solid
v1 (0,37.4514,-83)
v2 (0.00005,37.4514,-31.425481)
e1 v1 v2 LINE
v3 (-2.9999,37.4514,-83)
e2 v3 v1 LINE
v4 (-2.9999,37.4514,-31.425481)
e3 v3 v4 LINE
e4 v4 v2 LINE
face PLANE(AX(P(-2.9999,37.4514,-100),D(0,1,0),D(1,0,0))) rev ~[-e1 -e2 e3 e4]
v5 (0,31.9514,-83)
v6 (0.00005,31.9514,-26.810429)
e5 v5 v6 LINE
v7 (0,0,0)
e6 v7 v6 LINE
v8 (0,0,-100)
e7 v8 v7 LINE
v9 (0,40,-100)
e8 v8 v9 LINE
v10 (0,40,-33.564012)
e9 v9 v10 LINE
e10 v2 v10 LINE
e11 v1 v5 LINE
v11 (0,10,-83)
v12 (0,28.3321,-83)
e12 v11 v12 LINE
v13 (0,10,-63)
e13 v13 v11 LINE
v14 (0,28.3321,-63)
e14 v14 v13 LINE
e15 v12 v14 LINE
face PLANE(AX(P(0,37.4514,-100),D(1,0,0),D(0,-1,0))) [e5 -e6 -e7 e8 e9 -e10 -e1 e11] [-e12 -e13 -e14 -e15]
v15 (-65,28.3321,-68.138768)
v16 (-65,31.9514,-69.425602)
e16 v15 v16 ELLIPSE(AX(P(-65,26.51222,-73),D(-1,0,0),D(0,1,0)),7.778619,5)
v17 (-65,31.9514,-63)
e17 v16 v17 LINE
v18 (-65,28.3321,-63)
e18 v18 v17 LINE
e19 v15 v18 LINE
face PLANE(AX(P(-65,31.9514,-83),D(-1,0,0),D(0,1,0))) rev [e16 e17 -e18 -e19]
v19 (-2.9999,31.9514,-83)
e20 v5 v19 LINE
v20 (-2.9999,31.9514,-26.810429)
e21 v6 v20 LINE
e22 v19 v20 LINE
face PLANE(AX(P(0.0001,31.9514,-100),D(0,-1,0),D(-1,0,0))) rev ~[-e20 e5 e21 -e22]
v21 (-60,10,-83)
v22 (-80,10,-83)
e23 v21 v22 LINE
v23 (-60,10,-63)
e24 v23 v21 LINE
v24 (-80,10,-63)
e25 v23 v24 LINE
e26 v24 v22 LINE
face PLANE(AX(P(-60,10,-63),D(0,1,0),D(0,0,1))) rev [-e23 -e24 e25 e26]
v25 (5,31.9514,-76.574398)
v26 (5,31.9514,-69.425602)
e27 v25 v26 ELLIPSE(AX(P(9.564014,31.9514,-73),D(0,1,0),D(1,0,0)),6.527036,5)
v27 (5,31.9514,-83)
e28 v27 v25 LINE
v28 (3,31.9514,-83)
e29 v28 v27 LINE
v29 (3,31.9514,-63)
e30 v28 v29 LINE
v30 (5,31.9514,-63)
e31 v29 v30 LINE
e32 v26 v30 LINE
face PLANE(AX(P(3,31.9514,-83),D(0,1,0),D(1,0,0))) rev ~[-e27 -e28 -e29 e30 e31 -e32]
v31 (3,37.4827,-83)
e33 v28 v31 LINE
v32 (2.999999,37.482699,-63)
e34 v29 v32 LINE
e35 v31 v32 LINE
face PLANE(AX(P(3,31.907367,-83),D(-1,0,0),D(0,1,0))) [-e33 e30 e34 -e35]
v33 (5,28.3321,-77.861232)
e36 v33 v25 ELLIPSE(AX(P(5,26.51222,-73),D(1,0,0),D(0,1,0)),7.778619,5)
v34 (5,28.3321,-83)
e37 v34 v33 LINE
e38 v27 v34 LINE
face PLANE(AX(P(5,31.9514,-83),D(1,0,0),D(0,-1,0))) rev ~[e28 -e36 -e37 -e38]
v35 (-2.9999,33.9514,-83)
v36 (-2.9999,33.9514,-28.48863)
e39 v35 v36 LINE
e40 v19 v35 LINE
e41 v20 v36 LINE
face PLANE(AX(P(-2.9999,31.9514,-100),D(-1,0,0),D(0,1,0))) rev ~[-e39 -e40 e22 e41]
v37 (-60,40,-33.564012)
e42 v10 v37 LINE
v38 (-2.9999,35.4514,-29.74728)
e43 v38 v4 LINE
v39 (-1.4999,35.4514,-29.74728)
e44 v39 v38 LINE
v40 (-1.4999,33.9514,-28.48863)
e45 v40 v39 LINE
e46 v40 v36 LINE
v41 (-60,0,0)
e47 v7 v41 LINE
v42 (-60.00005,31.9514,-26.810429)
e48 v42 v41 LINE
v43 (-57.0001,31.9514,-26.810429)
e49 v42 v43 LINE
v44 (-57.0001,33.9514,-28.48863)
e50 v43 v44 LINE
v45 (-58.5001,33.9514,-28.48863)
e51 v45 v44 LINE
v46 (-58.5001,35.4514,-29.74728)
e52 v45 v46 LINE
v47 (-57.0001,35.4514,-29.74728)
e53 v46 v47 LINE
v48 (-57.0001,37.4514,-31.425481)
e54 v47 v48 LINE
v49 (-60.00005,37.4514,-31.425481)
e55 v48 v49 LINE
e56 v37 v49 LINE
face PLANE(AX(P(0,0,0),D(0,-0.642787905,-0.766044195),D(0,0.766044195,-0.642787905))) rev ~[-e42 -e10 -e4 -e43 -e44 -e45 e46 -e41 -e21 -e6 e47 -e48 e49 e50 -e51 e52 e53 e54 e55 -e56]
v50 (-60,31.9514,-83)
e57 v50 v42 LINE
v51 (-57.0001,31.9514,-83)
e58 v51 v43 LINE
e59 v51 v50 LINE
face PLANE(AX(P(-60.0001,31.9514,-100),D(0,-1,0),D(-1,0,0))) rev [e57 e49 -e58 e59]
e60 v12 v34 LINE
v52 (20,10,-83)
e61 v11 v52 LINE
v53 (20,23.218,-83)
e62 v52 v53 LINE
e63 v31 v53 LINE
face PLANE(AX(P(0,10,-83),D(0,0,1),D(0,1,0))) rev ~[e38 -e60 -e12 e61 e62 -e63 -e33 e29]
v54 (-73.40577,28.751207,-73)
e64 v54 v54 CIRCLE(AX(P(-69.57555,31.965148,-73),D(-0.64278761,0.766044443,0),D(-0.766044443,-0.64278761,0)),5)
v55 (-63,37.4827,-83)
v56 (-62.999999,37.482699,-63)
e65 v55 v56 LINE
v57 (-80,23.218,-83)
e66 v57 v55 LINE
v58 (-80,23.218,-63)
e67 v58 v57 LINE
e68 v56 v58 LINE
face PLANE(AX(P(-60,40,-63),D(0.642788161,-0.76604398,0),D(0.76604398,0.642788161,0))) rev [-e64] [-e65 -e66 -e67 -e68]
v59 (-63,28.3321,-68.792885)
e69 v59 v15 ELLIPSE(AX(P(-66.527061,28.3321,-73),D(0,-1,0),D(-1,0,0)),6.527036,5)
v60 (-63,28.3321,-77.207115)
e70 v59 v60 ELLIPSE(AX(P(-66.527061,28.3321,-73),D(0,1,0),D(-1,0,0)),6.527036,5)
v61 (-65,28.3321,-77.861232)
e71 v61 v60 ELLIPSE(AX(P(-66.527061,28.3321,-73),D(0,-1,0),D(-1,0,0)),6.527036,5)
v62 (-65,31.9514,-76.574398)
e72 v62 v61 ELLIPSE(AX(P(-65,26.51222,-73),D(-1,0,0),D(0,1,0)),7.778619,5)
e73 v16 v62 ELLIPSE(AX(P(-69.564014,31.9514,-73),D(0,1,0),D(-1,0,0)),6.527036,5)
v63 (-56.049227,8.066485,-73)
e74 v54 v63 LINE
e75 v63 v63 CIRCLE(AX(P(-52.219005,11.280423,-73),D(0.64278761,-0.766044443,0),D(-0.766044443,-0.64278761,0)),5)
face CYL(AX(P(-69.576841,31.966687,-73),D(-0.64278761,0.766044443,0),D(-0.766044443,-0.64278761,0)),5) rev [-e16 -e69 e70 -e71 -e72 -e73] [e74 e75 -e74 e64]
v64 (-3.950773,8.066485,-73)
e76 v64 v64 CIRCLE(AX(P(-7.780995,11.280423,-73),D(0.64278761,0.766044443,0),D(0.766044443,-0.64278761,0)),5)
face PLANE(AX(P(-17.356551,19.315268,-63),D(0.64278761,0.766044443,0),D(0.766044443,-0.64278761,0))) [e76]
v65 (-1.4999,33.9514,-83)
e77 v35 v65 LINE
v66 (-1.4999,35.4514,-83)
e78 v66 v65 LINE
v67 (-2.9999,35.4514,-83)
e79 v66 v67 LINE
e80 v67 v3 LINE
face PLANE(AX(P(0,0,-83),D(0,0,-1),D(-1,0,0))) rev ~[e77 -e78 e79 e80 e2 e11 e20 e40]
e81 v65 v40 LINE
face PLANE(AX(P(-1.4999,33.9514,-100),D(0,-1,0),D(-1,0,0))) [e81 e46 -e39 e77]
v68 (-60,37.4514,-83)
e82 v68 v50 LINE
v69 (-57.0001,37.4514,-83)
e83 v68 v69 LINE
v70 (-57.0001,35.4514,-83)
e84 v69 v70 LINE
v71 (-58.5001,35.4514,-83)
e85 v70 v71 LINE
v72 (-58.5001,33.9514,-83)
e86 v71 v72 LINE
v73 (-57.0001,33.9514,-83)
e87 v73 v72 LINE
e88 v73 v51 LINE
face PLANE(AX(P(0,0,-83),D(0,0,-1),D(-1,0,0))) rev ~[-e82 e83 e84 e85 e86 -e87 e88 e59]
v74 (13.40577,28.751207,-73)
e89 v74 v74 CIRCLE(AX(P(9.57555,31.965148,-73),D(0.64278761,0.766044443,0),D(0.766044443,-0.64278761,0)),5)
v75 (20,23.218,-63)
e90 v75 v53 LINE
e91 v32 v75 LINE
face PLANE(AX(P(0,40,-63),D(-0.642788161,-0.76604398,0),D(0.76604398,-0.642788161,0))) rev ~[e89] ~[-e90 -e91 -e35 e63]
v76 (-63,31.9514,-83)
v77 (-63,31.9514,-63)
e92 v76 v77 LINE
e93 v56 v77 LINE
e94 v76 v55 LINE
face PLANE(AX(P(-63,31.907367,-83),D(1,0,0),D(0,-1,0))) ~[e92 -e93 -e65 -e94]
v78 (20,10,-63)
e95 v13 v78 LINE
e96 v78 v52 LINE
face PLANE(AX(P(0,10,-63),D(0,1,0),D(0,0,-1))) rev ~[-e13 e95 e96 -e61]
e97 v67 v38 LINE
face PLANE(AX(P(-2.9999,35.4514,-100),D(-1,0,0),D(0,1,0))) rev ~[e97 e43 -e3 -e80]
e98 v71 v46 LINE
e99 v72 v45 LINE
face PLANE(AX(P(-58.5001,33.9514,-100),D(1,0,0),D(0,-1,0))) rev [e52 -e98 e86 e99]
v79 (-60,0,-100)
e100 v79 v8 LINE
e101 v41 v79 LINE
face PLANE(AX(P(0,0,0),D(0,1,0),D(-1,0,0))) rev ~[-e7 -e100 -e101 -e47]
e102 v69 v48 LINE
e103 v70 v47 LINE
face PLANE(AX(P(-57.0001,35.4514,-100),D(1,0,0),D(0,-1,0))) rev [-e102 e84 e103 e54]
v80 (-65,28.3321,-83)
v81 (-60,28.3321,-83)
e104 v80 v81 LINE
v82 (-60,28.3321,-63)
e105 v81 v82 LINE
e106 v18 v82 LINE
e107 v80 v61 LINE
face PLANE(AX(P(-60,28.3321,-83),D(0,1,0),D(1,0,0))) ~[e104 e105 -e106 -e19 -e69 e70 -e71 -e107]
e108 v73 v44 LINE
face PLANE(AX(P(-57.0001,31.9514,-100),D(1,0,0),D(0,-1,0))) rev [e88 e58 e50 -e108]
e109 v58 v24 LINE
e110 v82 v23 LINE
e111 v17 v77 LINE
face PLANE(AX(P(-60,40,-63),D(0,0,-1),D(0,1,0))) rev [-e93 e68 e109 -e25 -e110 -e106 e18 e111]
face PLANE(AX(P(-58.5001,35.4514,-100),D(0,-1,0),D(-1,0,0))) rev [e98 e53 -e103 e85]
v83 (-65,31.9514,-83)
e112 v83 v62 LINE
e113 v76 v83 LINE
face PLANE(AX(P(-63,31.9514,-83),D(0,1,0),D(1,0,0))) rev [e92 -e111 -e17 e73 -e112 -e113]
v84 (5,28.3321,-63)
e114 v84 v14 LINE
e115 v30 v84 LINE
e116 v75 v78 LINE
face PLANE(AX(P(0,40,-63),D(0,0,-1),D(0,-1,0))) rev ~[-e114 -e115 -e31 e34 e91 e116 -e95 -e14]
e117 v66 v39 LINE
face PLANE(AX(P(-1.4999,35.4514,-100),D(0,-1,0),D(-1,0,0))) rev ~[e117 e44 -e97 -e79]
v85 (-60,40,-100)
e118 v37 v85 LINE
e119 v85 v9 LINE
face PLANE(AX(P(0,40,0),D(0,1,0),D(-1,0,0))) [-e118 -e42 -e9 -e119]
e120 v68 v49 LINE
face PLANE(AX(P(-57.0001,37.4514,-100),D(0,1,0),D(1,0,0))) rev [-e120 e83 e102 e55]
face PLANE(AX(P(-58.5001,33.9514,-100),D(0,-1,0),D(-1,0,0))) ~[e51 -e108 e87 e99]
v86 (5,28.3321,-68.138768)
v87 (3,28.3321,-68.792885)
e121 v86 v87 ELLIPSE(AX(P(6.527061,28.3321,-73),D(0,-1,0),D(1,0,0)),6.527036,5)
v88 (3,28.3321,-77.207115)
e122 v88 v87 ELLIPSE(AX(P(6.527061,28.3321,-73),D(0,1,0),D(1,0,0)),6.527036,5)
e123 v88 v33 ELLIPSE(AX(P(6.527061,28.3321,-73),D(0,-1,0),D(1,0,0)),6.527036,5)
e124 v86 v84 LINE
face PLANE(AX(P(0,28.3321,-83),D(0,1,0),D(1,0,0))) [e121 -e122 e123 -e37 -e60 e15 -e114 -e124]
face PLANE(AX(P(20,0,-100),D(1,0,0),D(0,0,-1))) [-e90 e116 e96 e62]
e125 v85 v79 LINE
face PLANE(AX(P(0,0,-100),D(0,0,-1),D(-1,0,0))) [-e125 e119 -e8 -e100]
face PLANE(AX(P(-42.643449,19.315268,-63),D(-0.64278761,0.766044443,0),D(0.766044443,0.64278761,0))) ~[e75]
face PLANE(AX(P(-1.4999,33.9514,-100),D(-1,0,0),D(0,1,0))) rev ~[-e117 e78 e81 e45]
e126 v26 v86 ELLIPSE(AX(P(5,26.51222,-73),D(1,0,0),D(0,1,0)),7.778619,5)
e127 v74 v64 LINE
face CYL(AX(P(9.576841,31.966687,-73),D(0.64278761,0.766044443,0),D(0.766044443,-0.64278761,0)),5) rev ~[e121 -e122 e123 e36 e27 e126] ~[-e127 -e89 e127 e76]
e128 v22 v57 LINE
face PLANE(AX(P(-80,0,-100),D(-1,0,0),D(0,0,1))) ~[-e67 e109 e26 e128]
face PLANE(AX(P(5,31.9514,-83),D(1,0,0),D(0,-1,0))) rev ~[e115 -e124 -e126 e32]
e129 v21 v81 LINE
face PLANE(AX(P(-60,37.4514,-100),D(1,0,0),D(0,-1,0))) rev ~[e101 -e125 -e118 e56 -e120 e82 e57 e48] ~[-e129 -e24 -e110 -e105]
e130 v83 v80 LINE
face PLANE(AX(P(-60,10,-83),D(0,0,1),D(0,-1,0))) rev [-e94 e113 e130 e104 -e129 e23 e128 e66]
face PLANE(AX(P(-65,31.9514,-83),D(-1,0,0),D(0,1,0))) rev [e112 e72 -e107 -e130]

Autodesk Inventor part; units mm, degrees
ref_plane "YZ Plane" through (0, 0, 0) normal (1, 0, 0) x (0, 1, 0)
ref_plane "XZ Plane" through (0, 0, 0) normal (0, 1, 0) x (-1, 0, 0)
ref_plane "XY Plane" through (0, 0, 0) normal (0, 0, 1) x (1, 0, 0)
sketch "Sketch1" plane through (0, 0, 0) normal (0, 1, 0) x (-1, 0, 0)
  line L0 (0, 0) -> (60, 0)
  line L1 (60, 0) -> (60, -100)
  line L2 (60, -100) -> (0, -100)
  line L3 (0, -100) -> (0, 0)
  dimension "d0" = 100
  dimension "d1" = 60
extrude "Extrusion1" add sketch "Sketch1" along normal blind 40
sketch "Sketch2" plane through (0, 0, 0) normal (1, 0, 0) x (0, 0, -1)
  line L0 (0, 0) -> (37.6485, 44.8677)
  line L1 (0, 0) -> (58.5706, 0) construction
  line L2 (100, 40) -> (0, 40) projected
  line L3 (0, 40) -> (0, 0)
  point P0 (33.564, 40)
  dimension "d4" = 50
extrude "Extrusion2" cut sketch "Sketch2" against normal blind 70
sketch "Sketch3" plane through (0, 0, -100) normal (1, 0, 0) x (0, 0, -1)
  line L0 (0, 0) -> (-17, 0)
  line L1 (-100, 0) -> (0, 0) projected
  line L2 (0, 40) -> (-66.436, 40) projected
  line L3 (-17, 40) -> (-37, 40)
  line L4 (-37, 40) -> (-37, 10)
  line L5 (-37, 10) -> (-17, 10)
  line L6 (-17, 10) -> (-17, 40)
  dimension "d7" = 17
  dimension "d8" = 20
  dimension "d9" = 30
extrude "Extrusion3" add sketch "Sketch3" along normal blind 20
sketch "Sketch4" plane through (0, 10, -63) normal (0, 0, 1) x (1, 0, 0)
  line L0 (0, 30) -> (-60, 30) projected
  line L1 (0, 30) -> (29.4147, 5.3181)
  line L2 (0, 30) -> (38.3982, 30) construction
  line L3 (0, 30) -> (20, 30) projected
  line L4 (0, 30) -> (20, 30)
  line L5 (20, 30) -> (20, 13.218)
  line L6 (20, 0) -> (20, 30) projected
  point P0 (0, -10)
  dimension "d12" = 40
extrude "Extrusion4" cut sketch "Sketch4" against normal blind 61.75
ref_plane "Work Plane1" through (-30, 0, -100) normal (1, 0, 0) x (0, 0, -1)
mirror "Mirror1" about plane through (-30, 0, -100) normal (1, 0, 0) of "Extrusion3", "Extrusion4"
sketch "Sketch5" plane through (0, 40, -63) normal (0.6428, 0.766, 0) x (0.766, -0.6428, 0)
  circle A0 centre (12.5, 10) radius 5
  point P0 (25.7115, -63)
  dimension "d16" = 10
extrude "Extrusion5" cut sketch "Sketch5" against normal blind 27
mirror "Mirror2" about plane through (-30, 0, -100) normal (1, 0, 0) of "Extrusion5"
sketch "Sketch6" plane through (20, 10, -83) normal (0, 0, -1) x (-1, 0, 0)
  line L0 (14.2547, 25.1791) -> (31.6099, 4.4959) projected
  line L1 (6.5942, 18.7512) -> (23.9495, -1.932) projected
  line L2 (20, 30) -> (20, 18.3321)
  line L3 (20, 30) -> (20, 0) projected
  line L4 (20, 18.3321) -> (17, 18.3321)
  line L5 (17, 18.3321) -> (17, 27.4827)
  line L6 (17, 27.4827) -> (20, 30)
  line L7 (20, 23.9074) -> (20, 30)
  line L8 (20, 23.9074) -> (20, 30)
  point P0 (20, -10)
  dimension "d19" = 3
extrude "Extrusion6" cut sketch "Sketch6" against normal blind 81
mirror "Mirror3" about plane through (-30, 0, -100) normal (1, 0, 0) of "Extrusion6"
sketch "Sketch7" plane through (0, 0, -100) normal (0, 0, -1) x (-1, 0, 0)
  line L0 (-3, 28.3321) -> (0, 28.3321) projected
  line L1 (-0.0001, 31.9514) -> (2.9999, 31.9514)
  line L2 (2.9999, 31.9514) -> (2.9999, 33.9514)
  line L3 (1.4999, 33.9514) -> (2.9999, 33.9514)
  line L4 (1.4999, 33.9514) -> (1.4999, 35.4514)
  line L5 (1.4999, 35.4514) -> (2.9999, 35.4514)
  line L6 (2.9999, 35.4514) -> (2.9999, 37.4514)
  line L7 (2.9999, 37.4514) -> (-0.0001, 37.4514)
  line L8 (0, 0) -> (0, 40) projected
  line L9 (0, 37.4515) -> (0, 40)
  line L10 (-0.0001, 37.4514) -> (-0.0001, 31.9514)
  point P0 (0, 37.4514)
  point P1 (0, 31.9514)
  dimension "d23" = 2
  dimension "d24" = 1.5
  dimension "d25" = 2
  dimension "d26" = 1.5
  dimension "d27" = 5.5
  dimension "d28" = 3
extrude "Extrusion7" cut sketch "Sketch7" against normal blind 92.75
sketch "Sketch8" plane through (0, 0, -100) normal (0, 0, -1) x (-1, 0, 0)
  line L0 (2.9999, 37.4514) -> (0, 37.4514) projected
  line L1 (2.9999, 37.4514) -> (0, 37.4514)
  line L2 (0, 31.9514) -> (2.9999, 31.9514) projected
  line L3 (0, 37.4514) -> (0, 31.9514)
  line L4 (0, 31.9514) -> (2.9999, 31.9514)
  line L5 (2.9999, 31.9514) -> (2.9999, 33.9514) projected
  line L6 (2.9999, 31.9514) -> (2.9999, 33.9514)
  line L7 (2.9999, 33.9514) -> (1.4999, 33.9514)
  line L8 (1.4999, 35.4514) -> (1.4999, 33.9514) projected
  line L9 (1.4999, 33.9514) -> (1.4999, 35.4514)
  line L10 (1.4999, 35.4514) -> (2.9999, 35.4514)
  line L11 (2.9999, 35.4514) -> (2.9999, 37.4514)
  point P0 (0, 0)
extrude "Extrusion8" add sketch "Sketch8" against normal blind 17
sketch "Sketch9" plane through (20, 10, -83) normal (0, 0, -1) x (-1, 0, 0)
  line L0 (17, 18.3321) -> (20, 18.3321) projected
  line L1 (17, 18.3321) -> (17, 21.9514)
  line L2 (17, 18.3321) -> (17, 27.4827) projected
  line L3 (17, 21.9514) -> (15, 21.9514)
  line L4 (15, 21.9514) -> (15, 18.3321)
  line L5 (15, 18.3321) -> (17, 18.3321)
  point P0 (20, -10)
  point P1 (20, 21.9514)
  dimension "d33" = 2
  dimension "d34" = 3.6194
extrude "Extrusion9" cut sketch "Sketch9" against normal blind 69.75
mirror "Mirror4" about plane through (-30, 0, -100) normal (1, 0, 0) of "Extrusion7", "Extrusion9"
sketch "Sketch10" plane through (0, 0, -100) normal (0, 0, -1) x (-1, 0, 0)
  line L0 (60, 0) -> (60, 31.9514) projected
  line L1 (57.0001, 31.9514) -> (60, 31.9514) projected
  line L2 (60, 31.9514) -> (57.0001, 31.9514)
  line L3 (57.0001, 33.9514) -> (57.0001, 31.9514) projected
  line L4 (57.0001, 31.9514) -> (57.0001, 33.9514)
  line L5 (57.0001, 33.9514) -> (58.5001, 33.9514)
  line L6 (58.5001, 35.4514) -> (58.5001, 33.9514) projected
  line L7 (58.5001, 33.9514) -> (58.5001, 35.4514)
  line L8 (57.0001, 35.4514) -> (58.5001, 35.4514) projected
  line L9 (58.5001, 35.4514) -> (57.0001, 35.4514)
  line L10 (57.0001, 37.4514) -> (57.0001, 35.4514) projected
  line L11 (57.0001, 35.4514) -> (57.0001, 37.4514)
  line L12 (60, 37.4514) -> (57.0001, 37.4514) projected
  line L13 (57.0001, 37.4514) -> (60, 37.4514)
  line L14 (60, 37.4514) -> (60, 31.9514)
  point P0 (0, 0)
extrude "Extrusion10" add sketch "Sketch10" against normal blind 17
sketch "Sketch11" plane through (0, 0, -100) normal (0, 0, -1) x (-1, 0, 0)
  point P0 (0, 0)
properties part number "taslak2"
